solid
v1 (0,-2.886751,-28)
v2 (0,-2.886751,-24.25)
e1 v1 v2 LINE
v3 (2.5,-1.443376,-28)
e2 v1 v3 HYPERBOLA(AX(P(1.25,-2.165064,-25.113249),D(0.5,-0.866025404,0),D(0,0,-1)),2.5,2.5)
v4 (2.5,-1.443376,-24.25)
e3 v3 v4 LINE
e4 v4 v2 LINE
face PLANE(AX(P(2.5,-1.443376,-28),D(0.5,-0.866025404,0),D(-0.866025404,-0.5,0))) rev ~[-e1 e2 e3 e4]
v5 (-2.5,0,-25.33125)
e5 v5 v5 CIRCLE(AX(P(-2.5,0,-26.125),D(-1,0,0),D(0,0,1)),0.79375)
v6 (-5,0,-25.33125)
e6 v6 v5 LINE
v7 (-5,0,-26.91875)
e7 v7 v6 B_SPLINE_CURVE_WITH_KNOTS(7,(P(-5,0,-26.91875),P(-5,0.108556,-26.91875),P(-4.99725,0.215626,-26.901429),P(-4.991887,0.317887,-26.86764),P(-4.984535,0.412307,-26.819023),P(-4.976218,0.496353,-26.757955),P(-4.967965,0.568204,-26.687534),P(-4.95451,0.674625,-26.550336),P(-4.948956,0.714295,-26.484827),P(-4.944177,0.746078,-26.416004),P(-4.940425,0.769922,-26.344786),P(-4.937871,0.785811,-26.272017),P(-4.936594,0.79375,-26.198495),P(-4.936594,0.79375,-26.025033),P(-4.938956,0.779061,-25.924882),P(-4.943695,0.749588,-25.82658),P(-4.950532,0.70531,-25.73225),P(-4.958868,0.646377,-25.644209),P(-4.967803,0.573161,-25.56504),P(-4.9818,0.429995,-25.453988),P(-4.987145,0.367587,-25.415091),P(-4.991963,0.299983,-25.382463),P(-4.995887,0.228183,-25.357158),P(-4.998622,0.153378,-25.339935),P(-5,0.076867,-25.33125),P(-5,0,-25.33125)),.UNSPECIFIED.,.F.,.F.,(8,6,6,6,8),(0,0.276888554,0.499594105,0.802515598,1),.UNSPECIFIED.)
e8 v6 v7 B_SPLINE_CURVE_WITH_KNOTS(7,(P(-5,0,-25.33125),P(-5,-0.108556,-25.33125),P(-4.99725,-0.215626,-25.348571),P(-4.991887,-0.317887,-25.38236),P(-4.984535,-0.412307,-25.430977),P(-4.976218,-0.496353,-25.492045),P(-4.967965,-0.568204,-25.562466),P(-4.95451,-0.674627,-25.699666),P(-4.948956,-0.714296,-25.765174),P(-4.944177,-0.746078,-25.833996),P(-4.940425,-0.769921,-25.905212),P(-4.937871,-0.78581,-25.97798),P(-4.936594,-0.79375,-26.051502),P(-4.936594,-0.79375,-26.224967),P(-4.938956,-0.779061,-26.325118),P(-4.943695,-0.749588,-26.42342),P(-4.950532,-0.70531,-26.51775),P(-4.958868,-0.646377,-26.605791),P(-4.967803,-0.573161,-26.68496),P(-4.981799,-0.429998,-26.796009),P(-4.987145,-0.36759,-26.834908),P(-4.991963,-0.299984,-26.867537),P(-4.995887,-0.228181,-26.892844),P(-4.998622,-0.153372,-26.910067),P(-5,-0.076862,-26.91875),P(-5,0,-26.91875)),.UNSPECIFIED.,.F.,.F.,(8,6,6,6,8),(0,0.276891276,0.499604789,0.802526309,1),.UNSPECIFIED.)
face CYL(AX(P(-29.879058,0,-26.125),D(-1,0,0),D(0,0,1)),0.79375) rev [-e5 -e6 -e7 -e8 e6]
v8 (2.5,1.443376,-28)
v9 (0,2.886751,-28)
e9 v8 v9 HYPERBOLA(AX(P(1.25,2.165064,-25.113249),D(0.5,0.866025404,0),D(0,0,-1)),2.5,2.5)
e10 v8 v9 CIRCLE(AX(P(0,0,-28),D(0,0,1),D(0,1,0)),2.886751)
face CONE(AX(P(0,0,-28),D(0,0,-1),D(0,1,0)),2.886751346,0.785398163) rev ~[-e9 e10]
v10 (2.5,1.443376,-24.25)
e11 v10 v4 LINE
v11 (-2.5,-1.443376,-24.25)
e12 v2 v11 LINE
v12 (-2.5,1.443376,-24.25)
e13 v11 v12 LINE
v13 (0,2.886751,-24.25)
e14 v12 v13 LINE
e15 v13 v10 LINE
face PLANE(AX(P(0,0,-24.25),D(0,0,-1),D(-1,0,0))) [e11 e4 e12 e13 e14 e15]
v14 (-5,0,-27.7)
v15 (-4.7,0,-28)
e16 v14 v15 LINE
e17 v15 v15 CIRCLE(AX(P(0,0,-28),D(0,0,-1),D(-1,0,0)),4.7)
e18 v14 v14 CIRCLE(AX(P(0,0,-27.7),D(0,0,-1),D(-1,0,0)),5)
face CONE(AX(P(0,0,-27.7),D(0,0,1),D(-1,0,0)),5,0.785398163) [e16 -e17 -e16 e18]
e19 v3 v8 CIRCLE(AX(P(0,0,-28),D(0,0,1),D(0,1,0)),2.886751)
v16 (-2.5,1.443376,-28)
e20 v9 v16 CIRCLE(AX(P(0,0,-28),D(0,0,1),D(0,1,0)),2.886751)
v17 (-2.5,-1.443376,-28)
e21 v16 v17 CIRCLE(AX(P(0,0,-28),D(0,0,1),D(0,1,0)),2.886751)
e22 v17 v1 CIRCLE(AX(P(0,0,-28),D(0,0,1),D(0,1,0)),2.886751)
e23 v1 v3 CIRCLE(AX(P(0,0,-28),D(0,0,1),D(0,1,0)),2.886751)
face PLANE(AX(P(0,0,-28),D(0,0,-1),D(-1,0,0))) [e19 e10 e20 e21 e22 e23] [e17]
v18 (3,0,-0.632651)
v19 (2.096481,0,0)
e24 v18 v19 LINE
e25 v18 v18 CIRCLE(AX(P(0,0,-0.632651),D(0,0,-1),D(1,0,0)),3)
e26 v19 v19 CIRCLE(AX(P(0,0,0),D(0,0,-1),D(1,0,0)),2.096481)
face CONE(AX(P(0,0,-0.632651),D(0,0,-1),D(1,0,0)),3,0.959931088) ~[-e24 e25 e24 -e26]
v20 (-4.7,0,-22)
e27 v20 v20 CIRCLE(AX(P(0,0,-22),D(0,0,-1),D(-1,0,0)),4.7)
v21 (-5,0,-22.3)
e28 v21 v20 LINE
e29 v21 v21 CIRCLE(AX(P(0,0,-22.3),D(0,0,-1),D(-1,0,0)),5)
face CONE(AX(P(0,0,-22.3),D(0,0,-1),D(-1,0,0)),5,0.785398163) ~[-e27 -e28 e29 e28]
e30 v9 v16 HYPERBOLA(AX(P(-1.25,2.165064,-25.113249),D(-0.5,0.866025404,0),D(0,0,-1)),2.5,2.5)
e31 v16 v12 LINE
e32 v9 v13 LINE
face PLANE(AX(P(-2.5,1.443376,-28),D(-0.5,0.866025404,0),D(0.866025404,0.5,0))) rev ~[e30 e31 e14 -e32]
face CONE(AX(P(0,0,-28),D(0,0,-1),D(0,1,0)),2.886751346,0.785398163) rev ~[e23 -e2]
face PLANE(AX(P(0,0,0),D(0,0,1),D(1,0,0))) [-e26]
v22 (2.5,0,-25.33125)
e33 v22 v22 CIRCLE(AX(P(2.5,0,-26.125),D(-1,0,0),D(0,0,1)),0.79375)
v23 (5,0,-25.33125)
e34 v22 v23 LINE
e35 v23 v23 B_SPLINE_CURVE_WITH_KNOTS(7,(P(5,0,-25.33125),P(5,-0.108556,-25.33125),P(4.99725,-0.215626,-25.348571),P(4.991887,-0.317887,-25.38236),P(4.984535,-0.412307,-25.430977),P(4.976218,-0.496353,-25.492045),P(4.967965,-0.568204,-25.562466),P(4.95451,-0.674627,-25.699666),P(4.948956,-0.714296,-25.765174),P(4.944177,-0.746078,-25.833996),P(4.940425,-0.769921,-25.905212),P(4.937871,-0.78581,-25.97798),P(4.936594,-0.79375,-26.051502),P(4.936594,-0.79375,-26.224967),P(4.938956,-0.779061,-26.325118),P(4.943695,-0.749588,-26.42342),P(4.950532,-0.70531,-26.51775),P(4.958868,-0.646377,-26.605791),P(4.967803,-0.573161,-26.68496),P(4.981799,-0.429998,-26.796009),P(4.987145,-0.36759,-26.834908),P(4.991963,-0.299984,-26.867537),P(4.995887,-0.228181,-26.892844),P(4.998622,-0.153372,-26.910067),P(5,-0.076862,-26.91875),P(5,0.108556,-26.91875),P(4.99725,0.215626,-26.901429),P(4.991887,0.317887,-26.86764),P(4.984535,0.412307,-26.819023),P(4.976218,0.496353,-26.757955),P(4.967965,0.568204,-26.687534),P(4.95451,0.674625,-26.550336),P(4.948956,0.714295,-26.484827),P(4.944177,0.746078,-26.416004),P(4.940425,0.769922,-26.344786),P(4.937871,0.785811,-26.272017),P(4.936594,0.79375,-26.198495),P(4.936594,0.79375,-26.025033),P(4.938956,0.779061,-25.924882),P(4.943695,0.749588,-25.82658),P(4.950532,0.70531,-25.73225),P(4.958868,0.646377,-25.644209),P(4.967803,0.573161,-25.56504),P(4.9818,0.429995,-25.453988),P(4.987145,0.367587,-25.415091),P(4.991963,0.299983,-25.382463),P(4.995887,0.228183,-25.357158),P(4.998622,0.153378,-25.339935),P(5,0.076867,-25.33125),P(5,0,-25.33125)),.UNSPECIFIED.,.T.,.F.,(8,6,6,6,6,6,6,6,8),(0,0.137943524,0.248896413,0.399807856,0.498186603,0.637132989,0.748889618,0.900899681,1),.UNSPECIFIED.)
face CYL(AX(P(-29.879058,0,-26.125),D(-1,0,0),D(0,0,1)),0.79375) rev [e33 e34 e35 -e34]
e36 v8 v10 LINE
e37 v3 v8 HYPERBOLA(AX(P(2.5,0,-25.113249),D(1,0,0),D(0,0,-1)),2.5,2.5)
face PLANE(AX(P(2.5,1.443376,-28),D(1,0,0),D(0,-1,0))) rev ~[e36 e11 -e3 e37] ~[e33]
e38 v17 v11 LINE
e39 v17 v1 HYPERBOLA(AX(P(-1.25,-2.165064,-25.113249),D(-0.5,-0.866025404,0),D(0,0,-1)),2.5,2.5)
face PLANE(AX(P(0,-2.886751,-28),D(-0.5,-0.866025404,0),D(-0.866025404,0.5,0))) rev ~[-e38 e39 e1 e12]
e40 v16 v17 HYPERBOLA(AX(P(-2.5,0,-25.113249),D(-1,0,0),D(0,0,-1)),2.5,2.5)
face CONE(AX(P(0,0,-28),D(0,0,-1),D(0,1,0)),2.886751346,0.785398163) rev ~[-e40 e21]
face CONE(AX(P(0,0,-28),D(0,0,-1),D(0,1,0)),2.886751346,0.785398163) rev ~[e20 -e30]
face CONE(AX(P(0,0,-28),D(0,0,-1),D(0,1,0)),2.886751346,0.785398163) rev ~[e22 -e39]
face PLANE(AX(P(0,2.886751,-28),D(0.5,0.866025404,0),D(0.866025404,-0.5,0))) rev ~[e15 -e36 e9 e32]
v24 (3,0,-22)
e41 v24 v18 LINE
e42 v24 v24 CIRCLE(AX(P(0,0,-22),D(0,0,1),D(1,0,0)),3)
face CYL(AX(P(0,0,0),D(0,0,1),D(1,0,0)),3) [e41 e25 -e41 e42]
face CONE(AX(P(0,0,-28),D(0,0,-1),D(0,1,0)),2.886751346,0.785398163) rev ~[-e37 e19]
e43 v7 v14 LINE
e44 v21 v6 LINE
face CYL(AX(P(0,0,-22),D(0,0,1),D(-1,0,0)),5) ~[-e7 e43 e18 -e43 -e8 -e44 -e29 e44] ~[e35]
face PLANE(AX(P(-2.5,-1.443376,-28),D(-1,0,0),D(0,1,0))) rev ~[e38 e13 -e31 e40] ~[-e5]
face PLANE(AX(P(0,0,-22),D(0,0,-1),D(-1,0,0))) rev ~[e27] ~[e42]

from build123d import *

# Parameters (mm, degrees)
SKETCH1_R               = 3
EXTRUDE1_DEPTH          = 22
SKETCH6_R               = 5
EXTRUDE2_DEPTH          = 6
CUT_EXTRUDE1_DEPTH      = 3.75
CHAMFER1_SIZE           = 0.3
CUT_EXTRUDE4_DEPTH      = 29.879058156
CUT_EXTRUDE4_DEPTH_BACK = 29.879058156
SKETCH13_R              = 0.79375


with BuildPart() as part:
    # Sketch1 → Extrude1 (new body)
    with BuildSketch(Plane.XY):
        Circle(SKETCH1_R)
    extrude(amount=-EXTRUDE1_DEPTH)

    # Sketch4 → Cut-Revolve1 (revolve, cut)
    with BuildSketch(Plane(origin=(0, 0, 0), x_dir=(0, 0, -1), z_dir=(1, 0, 0))):
        Polygon((0.632650852, 3), (0, 2.096480947), (0, 3), align=None)
    revolve(axis=Axis((0, 0, 0), (0, 0, -1)), mode=Mode.SUBTRACT)

    # Sketch6 → Extrude2 (add)
    with BuildSketch(Plane(origin=(0, 0, -22), x_dir=(-1, 0, 0), z_dir=(0, 0, -1))):
        Circle(SKETCH6_R)
    extrude(amount=EXTRUDE2_DEPTH)

    # Sketch7 → Cut-Extrude1 (cut)
    with BuildSketch(Plane(origin=(0, 0, -28), x_dir=(-1, 0, 0), z_dir=(0, 0, -1))):
        Polygon((0, 2.886751346), (-2.5, 1.443375673), (-2.5, -1.443375673), (0, -2.886751346), (2.5, -1.443375673), (2.5, 1.443375673), align=None)
    extrude(amount=-CUT_EXTRUDE1_DEPTH, mode=Mode.SUBTRACT)

    # Cut-Extrude2 cone 1 section (through the dimple's axis) → Cut-Extrude2 (revolve, cut)
    with BuildSketch(Plane(origin=(0, 0, -28), x_dir=(0, 1, 0), z_dir=(1, 0, 0))):
        Polygon((0, 0), (2.886751346, 0), (0, 2.886751346), align=None)
    revolve(axis=Axis((0, 0, -28), (0, 0, 1)), mode=Mode.SUBTRACT)

    # Chamfer1
    chamfer1_edges = [part.edges().sort_by_distance(p)[0] for p in [
        (5, 0, -28),
        (5, 0, -22),
    ]]
    chamfer(chamfer1_edges, length=CHAMFER1_SIZE)

    # Sketch10 → Revolve1 (revolve)
    with BuildSketch(Plane(origin=(0, 0, 0), x_dir=(0, 0, -1), z_dir=(1, 0, 0))):
        Polygon((22, 3), (22, 0), (20.507359313, 0), (21.75, 3), align=None)
    revolve(axis=Axis((0, 0, -22), (0, 0, 1)))

    # Sketch13 → Cut-Extrude4 (cut, two sides: drawn at the far end of the back side and taken through both)
    with BuildSketch(Plane(origin=(0, 0, 0), x_dir=(0, 0, -1), z_dir=(1, 0, 0)).offset(-CUT_EXTRUDE4_DEPTH_BACK)):
        with Locations((26.125, 0)):
            Circle(SKETCH13_R)
    extrude(amount=CUT_EXTRUDE4_DEPTH + CUT_EXTRUDE4_DEPTH_BACK, mode=Mode.SUBTRACT)


solid = part.part
